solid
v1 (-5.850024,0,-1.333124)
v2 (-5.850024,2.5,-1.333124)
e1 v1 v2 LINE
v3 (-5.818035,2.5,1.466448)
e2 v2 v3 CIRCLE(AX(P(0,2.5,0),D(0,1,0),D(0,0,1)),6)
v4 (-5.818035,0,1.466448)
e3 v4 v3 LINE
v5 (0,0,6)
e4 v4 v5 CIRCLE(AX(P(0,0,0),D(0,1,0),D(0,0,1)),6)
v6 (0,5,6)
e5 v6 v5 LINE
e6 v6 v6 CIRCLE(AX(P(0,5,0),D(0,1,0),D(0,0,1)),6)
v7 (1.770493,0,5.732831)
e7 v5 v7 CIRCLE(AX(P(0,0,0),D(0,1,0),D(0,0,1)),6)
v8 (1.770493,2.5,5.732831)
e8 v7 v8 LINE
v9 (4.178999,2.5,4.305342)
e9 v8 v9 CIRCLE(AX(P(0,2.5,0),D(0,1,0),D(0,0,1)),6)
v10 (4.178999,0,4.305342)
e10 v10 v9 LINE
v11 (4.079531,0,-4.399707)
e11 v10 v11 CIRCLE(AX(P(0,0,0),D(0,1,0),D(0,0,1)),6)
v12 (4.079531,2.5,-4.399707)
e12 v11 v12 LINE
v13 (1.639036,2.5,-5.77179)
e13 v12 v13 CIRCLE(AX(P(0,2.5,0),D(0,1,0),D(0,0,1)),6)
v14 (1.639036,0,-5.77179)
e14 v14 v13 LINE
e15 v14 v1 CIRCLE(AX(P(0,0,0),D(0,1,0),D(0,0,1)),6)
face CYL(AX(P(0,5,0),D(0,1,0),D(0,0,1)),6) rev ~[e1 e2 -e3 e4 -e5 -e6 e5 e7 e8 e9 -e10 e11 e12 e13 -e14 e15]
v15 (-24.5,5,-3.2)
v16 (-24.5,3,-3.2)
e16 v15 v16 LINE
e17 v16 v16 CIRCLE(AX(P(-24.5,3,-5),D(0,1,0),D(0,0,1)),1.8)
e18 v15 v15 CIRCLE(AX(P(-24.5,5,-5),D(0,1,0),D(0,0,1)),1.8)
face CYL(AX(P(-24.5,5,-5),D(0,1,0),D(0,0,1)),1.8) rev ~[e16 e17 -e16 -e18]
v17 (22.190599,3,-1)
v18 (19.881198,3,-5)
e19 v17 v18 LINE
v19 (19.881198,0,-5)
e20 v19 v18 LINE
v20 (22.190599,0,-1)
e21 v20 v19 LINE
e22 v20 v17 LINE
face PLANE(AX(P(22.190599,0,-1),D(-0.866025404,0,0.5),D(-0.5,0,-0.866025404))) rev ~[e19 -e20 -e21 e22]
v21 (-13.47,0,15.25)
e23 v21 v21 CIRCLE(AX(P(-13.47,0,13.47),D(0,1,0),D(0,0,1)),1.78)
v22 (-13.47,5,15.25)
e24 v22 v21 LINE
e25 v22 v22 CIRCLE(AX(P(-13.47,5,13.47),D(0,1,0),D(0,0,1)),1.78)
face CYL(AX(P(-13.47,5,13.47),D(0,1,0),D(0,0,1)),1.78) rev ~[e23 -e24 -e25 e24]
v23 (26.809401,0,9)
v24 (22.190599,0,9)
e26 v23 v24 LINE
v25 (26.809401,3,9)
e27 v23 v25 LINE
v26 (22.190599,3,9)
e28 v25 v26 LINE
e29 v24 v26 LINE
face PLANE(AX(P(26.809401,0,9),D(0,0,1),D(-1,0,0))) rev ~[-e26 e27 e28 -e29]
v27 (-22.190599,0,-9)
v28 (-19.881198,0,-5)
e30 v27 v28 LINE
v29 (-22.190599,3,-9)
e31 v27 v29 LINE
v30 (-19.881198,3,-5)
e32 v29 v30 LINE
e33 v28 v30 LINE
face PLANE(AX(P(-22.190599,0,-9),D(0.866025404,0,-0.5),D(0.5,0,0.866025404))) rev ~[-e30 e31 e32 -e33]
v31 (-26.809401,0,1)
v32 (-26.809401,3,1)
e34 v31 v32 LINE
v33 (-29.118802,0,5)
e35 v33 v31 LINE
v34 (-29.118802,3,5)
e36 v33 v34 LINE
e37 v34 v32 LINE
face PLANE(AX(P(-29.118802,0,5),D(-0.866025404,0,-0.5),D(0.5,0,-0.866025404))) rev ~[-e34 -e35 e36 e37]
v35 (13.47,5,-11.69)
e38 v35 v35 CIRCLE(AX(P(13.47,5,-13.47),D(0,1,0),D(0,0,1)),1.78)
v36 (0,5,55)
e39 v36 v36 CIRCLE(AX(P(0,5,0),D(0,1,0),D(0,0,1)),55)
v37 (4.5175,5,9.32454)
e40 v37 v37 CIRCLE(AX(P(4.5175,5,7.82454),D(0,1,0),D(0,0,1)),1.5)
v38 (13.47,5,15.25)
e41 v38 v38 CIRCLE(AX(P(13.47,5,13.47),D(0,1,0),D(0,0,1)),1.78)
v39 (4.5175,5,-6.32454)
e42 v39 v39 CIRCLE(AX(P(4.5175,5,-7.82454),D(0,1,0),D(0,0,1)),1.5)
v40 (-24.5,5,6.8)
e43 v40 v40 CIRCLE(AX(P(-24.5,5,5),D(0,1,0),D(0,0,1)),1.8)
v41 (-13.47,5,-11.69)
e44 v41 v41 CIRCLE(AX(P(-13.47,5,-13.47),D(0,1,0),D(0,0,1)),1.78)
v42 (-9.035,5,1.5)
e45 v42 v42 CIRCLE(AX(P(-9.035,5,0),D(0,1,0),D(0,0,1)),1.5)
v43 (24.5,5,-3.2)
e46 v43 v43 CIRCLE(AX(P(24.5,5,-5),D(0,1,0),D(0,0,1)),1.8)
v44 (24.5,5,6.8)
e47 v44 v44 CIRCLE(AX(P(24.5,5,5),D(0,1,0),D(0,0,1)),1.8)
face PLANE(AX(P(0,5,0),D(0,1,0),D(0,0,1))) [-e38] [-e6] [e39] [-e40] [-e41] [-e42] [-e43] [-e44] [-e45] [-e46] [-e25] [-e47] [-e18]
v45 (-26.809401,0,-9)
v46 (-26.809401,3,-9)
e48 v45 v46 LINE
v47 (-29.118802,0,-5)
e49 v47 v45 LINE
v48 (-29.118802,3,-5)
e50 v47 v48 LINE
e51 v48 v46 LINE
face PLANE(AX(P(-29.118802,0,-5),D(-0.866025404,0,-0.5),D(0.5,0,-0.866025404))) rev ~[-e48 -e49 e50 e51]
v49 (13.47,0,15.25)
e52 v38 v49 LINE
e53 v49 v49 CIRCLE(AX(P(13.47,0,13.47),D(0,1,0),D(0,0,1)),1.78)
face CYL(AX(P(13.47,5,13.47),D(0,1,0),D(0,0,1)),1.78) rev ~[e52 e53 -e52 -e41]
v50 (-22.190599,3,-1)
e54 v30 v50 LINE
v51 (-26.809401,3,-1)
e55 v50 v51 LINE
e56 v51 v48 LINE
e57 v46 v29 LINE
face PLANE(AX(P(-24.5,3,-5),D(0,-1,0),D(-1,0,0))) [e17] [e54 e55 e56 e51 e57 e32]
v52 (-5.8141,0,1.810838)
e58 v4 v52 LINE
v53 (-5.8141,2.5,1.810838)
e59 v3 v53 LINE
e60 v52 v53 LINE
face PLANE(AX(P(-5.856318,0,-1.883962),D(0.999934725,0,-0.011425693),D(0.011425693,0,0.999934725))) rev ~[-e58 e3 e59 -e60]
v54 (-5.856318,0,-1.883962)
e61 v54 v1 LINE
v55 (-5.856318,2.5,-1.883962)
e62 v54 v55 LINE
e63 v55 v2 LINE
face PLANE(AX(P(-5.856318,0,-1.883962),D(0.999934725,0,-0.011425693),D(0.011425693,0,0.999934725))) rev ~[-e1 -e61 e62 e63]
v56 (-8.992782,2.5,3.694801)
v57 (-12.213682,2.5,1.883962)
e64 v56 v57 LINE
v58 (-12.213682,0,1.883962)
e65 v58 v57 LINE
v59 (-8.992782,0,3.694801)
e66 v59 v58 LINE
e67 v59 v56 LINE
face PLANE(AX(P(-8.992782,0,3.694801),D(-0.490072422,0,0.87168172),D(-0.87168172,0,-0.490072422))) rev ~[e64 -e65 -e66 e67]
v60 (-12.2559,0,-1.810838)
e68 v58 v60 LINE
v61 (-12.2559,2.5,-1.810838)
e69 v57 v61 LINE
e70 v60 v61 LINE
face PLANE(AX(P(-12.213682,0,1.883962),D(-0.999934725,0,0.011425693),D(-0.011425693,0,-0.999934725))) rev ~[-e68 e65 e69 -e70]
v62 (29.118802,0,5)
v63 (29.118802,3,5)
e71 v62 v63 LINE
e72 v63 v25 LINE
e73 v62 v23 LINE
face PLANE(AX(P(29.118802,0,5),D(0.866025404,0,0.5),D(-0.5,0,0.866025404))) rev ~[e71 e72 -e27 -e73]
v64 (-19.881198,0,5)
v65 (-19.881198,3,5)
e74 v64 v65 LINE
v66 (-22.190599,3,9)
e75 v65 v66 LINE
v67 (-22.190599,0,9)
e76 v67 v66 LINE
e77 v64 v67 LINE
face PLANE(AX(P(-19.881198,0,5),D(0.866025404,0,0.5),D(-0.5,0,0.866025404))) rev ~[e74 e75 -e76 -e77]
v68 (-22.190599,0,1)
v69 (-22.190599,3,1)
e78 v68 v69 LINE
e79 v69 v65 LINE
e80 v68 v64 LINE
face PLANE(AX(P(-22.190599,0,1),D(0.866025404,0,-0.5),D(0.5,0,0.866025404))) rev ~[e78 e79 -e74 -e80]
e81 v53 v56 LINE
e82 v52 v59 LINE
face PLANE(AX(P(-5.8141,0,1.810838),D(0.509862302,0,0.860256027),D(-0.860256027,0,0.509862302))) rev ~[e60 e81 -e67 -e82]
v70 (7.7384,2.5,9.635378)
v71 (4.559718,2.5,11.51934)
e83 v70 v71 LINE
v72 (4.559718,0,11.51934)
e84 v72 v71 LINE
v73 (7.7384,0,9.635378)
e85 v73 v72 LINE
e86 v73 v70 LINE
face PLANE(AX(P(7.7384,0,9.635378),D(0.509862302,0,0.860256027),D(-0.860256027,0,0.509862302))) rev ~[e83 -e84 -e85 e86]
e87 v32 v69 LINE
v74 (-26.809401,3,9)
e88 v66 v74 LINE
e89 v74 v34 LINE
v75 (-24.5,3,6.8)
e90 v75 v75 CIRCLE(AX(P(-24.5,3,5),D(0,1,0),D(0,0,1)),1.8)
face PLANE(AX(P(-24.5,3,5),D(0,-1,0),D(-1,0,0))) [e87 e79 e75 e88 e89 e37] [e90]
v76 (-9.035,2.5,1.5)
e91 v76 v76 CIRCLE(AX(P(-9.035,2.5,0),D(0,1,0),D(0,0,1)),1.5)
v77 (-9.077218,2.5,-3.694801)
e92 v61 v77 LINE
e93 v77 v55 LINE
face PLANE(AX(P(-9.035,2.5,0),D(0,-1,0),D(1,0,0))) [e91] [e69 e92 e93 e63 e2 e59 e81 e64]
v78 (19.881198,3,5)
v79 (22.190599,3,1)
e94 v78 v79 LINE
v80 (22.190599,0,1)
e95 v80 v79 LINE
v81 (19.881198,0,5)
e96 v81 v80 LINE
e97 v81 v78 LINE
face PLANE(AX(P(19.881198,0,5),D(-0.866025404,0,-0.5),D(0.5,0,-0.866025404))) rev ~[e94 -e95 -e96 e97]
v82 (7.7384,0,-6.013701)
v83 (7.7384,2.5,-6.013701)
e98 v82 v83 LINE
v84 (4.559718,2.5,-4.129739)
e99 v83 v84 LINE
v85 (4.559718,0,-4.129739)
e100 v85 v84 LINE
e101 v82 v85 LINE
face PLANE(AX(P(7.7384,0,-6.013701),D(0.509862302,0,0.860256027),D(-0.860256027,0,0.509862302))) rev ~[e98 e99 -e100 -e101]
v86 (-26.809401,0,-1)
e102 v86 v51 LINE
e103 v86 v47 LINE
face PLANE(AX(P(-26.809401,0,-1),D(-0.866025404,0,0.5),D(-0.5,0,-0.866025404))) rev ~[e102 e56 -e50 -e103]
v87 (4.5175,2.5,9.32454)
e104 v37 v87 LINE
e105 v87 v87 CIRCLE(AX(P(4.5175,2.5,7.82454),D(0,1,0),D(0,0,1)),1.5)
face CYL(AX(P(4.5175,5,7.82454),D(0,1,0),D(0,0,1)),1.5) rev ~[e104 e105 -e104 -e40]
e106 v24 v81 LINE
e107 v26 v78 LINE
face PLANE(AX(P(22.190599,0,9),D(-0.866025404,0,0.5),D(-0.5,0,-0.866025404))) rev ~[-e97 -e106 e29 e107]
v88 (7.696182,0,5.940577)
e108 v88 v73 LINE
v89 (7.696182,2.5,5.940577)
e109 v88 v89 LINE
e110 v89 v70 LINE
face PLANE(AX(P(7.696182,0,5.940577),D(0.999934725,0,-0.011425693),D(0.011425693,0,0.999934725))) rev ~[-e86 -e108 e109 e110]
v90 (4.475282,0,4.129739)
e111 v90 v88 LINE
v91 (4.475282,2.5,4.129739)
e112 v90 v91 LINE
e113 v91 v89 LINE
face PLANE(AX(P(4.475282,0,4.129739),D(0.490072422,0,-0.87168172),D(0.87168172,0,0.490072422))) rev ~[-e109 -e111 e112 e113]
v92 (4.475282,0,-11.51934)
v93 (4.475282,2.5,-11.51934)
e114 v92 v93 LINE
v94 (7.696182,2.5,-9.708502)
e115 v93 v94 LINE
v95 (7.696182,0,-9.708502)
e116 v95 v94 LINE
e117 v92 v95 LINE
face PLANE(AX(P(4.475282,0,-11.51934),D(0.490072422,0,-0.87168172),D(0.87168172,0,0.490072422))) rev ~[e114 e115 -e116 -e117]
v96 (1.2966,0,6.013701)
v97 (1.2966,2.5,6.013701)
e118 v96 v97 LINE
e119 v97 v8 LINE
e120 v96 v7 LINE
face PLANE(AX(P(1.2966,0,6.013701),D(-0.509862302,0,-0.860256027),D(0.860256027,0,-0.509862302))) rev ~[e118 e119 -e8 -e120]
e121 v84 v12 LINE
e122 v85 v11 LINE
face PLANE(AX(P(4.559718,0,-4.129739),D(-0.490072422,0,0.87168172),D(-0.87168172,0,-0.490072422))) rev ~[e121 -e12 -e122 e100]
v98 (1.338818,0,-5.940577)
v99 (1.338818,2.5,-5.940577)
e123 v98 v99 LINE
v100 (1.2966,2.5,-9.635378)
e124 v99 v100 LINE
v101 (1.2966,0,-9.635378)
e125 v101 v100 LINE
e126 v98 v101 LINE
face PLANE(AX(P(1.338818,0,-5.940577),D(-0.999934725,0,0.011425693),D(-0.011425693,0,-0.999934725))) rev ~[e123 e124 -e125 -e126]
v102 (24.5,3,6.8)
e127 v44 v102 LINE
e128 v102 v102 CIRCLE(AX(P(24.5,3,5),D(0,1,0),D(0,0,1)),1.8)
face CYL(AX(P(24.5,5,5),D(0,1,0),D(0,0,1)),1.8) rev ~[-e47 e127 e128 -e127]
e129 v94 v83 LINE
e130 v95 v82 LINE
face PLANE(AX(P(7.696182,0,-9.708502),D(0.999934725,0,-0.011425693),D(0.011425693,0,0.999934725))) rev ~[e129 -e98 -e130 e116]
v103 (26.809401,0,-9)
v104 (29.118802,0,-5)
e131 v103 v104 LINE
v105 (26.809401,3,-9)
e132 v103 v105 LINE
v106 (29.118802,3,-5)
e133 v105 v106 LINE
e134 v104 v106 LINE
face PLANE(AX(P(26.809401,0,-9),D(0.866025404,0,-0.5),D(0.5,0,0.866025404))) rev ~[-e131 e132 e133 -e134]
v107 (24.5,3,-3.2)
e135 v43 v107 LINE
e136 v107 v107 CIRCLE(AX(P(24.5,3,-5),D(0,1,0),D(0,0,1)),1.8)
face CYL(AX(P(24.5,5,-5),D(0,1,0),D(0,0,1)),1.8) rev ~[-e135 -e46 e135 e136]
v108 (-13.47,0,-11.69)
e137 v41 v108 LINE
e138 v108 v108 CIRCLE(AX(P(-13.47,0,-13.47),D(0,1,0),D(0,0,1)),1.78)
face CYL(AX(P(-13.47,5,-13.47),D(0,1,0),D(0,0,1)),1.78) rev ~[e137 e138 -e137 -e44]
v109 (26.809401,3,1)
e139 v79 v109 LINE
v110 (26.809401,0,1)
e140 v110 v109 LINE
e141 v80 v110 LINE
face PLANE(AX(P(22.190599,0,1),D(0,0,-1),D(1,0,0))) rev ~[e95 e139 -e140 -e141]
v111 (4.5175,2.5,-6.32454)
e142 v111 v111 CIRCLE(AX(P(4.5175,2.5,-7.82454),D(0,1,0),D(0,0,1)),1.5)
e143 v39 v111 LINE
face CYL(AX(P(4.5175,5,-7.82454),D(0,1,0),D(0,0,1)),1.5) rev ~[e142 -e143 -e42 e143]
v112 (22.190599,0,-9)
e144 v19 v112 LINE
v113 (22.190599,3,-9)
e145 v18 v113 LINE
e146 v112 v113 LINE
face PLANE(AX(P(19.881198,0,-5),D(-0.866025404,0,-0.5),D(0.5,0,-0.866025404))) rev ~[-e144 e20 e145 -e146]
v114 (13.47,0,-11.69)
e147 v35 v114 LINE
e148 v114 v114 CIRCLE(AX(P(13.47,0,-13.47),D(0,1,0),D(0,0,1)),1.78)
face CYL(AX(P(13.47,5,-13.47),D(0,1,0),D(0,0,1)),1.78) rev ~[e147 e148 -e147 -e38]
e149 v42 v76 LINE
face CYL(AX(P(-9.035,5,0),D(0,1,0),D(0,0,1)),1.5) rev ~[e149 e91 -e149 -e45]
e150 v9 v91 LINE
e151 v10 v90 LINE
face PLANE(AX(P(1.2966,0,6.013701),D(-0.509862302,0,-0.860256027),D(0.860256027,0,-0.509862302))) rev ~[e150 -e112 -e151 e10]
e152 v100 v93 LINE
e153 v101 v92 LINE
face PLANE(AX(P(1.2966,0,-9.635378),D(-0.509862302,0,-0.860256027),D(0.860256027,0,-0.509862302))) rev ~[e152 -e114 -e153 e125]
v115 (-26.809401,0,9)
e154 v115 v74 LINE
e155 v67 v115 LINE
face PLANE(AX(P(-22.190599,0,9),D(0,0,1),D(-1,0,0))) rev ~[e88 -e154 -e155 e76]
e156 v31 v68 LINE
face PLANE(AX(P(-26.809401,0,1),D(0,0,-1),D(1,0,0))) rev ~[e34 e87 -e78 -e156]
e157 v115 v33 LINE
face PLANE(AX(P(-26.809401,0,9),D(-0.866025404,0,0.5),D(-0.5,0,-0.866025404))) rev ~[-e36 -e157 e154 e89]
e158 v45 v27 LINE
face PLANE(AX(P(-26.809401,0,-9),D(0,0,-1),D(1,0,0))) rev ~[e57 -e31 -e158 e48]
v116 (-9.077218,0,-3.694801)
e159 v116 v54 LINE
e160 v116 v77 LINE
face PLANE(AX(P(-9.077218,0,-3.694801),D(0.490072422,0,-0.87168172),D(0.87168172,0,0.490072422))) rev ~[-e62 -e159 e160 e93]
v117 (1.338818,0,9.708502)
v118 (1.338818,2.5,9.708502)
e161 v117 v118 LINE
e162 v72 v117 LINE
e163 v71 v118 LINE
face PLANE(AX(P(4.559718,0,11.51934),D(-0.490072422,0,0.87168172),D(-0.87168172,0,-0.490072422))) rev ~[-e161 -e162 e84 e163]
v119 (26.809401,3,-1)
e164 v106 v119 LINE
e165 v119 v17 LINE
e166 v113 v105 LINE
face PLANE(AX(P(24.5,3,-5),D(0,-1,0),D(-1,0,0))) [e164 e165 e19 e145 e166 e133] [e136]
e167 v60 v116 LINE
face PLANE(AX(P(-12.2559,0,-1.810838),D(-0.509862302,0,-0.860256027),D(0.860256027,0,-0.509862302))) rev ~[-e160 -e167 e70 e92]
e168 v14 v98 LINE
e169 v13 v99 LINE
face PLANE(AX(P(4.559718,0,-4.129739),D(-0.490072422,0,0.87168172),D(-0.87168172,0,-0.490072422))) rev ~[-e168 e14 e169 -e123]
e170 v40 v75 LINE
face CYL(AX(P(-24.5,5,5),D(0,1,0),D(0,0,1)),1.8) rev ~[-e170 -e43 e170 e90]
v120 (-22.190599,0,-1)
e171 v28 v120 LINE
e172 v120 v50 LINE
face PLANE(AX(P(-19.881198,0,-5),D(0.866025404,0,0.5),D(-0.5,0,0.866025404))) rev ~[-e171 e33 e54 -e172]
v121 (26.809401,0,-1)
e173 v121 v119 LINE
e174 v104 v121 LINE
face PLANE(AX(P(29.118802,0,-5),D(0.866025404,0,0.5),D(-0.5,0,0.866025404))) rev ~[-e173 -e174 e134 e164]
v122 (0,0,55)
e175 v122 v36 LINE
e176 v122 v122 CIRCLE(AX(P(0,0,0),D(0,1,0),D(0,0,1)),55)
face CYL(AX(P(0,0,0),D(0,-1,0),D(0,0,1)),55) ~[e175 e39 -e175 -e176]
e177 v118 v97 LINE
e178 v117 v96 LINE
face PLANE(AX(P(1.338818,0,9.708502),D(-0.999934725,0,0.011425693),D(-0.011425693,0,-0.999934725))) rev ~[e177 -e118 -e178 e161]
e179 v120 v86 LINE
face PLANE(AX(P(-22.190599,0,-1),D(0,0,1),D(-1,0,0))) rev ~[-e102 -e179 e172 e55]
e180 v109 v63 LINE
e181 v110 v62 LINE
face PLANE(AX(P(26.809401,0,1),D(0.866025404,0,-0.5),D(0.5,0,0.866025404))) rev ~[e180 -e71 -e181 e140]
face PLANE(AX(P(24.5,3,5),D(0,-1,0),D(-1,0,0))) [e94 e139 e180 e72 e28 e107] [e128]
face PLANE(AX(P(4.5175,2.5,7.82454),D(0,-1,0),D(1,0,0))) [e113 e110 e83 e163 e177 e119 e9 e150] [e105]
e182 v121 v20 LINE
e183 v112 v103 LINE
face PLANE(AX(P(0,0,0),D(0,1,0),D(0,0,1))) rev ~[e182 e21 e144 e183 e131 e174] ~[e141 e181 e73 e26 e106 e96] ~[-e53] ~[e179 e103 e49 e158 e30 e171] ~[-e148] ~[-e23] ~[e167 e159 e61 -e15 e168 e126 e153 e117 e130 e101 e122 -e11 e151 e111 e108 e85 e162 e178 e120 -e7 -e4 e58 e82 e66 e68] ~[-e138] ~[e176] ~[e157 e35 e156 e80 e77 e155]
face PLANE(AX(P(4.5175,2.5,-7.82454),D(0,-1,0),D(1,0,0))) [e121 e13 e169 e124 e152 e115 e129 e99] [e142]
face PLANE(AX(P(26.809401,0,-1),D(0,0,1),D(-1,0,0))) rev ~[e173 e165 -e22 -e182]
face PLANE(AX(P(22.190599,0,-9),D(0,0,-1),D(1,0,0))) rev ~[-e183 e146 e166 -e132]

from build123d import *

# Parameters (mm, degrees)
SKETCH1_R           = 55
BOSS_EXTRUDE1_DEPTH = 5
SKETCH2_R           = 6
SKETCH2_R_2         = 1.78
CUT_EXTRUDE1_DEPTH  = 5
SKETCH3_R           = 1.5
CUT_EXTRUDE2_DEPTH  = 5
CUT_EXTRUDE5_DEPTH  = 2.5
SKETCH6_R           = 1.8
CUT_EXTRUDE6_DEPTH  = 10
CUT_EXTRUDE7_DEPTH  = 3


with BuildPart() as part:
    # Sketch1 → Boss-Extrude1 (new body)
    with BuildSketch(Plane(origin=(0, 0, 0), x_dir=(1, 0, 0), z_dir=(0, 1, 0))):
        with Locations(Location((0, 0, 0), (0, 0, 270))):
            Circle(SKETCH1_R)
    extrude(amount=BOSS_EXTRUDE1_DEPTH)

    # Sketch2 → Cut-Extrude1 (cut)
    with BuildSketch(Plane(origin=(0, 5, 0), x_dir=(1, 0, 0), z_dir=(0, 1, 0))):
        with Locations(Location((0, 0, 0), (0, 0, 270))):
            Circle(SKETCH2_R)
        with Locations(Location((-13.47, -13.47, 0), (0, 0, 270))):
            Circle(SKETCH2_R_2)
        with Locations(Location((-13.47, 13.47, 0), (0, 0, 270))):
            Circle(SKETCH2_R_2)
        with Locations(Location((13.47, 13.47, 0), (0, 0, 270))):
            Circle(SKETCH2_R_2)
        with Locations(Location((13.47, -13.47, 0), (0, 0, 270))):
            Circle(SKETCH2_R_2)
    extrude(amount=-CUT_EXTRUDE1_DEPTH, mode=Mode.SUBTRACT)

    # Sketch3 → Cut-Extrude2 (cut)
    with BuildSketch(Plane(origin=(0, 5, 0), x_dir=(1, 0, 0), z_dir=(0, 1, 0))):
        with Locations(Location((4.5175, -7.824539523, 0), (0, 0, 270))):
            Circle(SKETCH3_R)
        with Locations(Location((-9.035, 0, 0), (0, 0, 270))):
            Circle(SKETCH3_R)
        with Locations(Location((4.5175, 7.824539523, 0), (0, 0, 270))):
            Circle(SKETCH3_R)
    extrude(amount=-CUT_EXTRUDE2_DEPTH, mode=Mode.SUBTRACT)

    # Sketch5 → Cut-Extrude5 (cut)
    with BuildSketch(Plane.XZ):
        Polygon((4.475281589, -11.519340051), (7.696181913, -9.708502003), (7.738400324, -6.013701476), (4.559718411, -4.129738996), (1.338818087, -5.940577043), (1.296599676, -9.635377571), align=None)
        Polygon((7.738400324, 9.635377571), (4.559718411, 11.519340051), (1.338818087, 9.708502003), (1.296599676, 6.013701476), (4.475281589, 4.129738996), (7.696181913, 5.940577043), align=None)
        Polygon((-12.213681913, 1.88396248), (-12.255900324, -1.810838048), (-9.077218411, -3.694800528), (-5.856318087, -1.88396248), (-5.814099676, 1.810838048), (-8.992781589, 3.694800528), align=None)
    extrude(amount=-CUT_EXTRUDE5_DEPTH, mode=Mode.SUBTRACT)

    # Sketch6 → Cut-Extrude6 (cut)
    with BuildSketch(Plane(origin=(0, 5, 0), x_dir=(1, 0, 0), z_dir=(0, 1, 0))):
        with Locations(Location((24.5, -5, 0), (0, 0, 270))):
            Circle(SKETCH6_R)
        with Locations(Location((-24.5, -5, 0), (0, 0, 270))):
            Circle(SKETCH6_R)
        with Locations(Location((-24.5, 5, 0), (0, 0, 270))):
            Circle(SKETCH6_R)
        with Locations(Location((24.5, 5, 0), (0, 0, 270))):
            Circle(SKETCH6_R)
    extrude(amount=-CUT_EXTRUDE6_DEPTH, mode=Mode.SUBTRACT)

    # Sketch7 → Cut-Extrude7 (cut)
    with BuildSketch(Plane(origin=(0, 0, 0), x_dir=(-1, 0, 0), z_dir=(0, -1, 0))):
        Polygon((26.809401077, -1), (22.190598923, -1), (19.881197846, -5), (22.190598923, -9), (26.809401077, -9), (29.118802154, -5), align=None)
        Polygon((-29.118802154, -5), (-26.809401077, -9), (-22.190598923, -9), (-19.881197846, -5), (-22.190598923, -1), (-26.809401077, -1), align=None)
        Polygon((26.809401077, 9), (22.190598923, 9), (19.881197846, 5), (22.190598923, 1), (26.809401077, 1), (29.118802154, 5), align=None)
        Polygon((-22.190598923, 9), (-26.809401077, 9), (-29.118802154, 5), (-26.809401077, 1), (-22.190598923, 1), (-19.881197846, 5), align=None)
    extrude(amount=-CUT_EXTRUDE7_DEPTH, mode=Mode.SUBTRACT)


solid = part.part
